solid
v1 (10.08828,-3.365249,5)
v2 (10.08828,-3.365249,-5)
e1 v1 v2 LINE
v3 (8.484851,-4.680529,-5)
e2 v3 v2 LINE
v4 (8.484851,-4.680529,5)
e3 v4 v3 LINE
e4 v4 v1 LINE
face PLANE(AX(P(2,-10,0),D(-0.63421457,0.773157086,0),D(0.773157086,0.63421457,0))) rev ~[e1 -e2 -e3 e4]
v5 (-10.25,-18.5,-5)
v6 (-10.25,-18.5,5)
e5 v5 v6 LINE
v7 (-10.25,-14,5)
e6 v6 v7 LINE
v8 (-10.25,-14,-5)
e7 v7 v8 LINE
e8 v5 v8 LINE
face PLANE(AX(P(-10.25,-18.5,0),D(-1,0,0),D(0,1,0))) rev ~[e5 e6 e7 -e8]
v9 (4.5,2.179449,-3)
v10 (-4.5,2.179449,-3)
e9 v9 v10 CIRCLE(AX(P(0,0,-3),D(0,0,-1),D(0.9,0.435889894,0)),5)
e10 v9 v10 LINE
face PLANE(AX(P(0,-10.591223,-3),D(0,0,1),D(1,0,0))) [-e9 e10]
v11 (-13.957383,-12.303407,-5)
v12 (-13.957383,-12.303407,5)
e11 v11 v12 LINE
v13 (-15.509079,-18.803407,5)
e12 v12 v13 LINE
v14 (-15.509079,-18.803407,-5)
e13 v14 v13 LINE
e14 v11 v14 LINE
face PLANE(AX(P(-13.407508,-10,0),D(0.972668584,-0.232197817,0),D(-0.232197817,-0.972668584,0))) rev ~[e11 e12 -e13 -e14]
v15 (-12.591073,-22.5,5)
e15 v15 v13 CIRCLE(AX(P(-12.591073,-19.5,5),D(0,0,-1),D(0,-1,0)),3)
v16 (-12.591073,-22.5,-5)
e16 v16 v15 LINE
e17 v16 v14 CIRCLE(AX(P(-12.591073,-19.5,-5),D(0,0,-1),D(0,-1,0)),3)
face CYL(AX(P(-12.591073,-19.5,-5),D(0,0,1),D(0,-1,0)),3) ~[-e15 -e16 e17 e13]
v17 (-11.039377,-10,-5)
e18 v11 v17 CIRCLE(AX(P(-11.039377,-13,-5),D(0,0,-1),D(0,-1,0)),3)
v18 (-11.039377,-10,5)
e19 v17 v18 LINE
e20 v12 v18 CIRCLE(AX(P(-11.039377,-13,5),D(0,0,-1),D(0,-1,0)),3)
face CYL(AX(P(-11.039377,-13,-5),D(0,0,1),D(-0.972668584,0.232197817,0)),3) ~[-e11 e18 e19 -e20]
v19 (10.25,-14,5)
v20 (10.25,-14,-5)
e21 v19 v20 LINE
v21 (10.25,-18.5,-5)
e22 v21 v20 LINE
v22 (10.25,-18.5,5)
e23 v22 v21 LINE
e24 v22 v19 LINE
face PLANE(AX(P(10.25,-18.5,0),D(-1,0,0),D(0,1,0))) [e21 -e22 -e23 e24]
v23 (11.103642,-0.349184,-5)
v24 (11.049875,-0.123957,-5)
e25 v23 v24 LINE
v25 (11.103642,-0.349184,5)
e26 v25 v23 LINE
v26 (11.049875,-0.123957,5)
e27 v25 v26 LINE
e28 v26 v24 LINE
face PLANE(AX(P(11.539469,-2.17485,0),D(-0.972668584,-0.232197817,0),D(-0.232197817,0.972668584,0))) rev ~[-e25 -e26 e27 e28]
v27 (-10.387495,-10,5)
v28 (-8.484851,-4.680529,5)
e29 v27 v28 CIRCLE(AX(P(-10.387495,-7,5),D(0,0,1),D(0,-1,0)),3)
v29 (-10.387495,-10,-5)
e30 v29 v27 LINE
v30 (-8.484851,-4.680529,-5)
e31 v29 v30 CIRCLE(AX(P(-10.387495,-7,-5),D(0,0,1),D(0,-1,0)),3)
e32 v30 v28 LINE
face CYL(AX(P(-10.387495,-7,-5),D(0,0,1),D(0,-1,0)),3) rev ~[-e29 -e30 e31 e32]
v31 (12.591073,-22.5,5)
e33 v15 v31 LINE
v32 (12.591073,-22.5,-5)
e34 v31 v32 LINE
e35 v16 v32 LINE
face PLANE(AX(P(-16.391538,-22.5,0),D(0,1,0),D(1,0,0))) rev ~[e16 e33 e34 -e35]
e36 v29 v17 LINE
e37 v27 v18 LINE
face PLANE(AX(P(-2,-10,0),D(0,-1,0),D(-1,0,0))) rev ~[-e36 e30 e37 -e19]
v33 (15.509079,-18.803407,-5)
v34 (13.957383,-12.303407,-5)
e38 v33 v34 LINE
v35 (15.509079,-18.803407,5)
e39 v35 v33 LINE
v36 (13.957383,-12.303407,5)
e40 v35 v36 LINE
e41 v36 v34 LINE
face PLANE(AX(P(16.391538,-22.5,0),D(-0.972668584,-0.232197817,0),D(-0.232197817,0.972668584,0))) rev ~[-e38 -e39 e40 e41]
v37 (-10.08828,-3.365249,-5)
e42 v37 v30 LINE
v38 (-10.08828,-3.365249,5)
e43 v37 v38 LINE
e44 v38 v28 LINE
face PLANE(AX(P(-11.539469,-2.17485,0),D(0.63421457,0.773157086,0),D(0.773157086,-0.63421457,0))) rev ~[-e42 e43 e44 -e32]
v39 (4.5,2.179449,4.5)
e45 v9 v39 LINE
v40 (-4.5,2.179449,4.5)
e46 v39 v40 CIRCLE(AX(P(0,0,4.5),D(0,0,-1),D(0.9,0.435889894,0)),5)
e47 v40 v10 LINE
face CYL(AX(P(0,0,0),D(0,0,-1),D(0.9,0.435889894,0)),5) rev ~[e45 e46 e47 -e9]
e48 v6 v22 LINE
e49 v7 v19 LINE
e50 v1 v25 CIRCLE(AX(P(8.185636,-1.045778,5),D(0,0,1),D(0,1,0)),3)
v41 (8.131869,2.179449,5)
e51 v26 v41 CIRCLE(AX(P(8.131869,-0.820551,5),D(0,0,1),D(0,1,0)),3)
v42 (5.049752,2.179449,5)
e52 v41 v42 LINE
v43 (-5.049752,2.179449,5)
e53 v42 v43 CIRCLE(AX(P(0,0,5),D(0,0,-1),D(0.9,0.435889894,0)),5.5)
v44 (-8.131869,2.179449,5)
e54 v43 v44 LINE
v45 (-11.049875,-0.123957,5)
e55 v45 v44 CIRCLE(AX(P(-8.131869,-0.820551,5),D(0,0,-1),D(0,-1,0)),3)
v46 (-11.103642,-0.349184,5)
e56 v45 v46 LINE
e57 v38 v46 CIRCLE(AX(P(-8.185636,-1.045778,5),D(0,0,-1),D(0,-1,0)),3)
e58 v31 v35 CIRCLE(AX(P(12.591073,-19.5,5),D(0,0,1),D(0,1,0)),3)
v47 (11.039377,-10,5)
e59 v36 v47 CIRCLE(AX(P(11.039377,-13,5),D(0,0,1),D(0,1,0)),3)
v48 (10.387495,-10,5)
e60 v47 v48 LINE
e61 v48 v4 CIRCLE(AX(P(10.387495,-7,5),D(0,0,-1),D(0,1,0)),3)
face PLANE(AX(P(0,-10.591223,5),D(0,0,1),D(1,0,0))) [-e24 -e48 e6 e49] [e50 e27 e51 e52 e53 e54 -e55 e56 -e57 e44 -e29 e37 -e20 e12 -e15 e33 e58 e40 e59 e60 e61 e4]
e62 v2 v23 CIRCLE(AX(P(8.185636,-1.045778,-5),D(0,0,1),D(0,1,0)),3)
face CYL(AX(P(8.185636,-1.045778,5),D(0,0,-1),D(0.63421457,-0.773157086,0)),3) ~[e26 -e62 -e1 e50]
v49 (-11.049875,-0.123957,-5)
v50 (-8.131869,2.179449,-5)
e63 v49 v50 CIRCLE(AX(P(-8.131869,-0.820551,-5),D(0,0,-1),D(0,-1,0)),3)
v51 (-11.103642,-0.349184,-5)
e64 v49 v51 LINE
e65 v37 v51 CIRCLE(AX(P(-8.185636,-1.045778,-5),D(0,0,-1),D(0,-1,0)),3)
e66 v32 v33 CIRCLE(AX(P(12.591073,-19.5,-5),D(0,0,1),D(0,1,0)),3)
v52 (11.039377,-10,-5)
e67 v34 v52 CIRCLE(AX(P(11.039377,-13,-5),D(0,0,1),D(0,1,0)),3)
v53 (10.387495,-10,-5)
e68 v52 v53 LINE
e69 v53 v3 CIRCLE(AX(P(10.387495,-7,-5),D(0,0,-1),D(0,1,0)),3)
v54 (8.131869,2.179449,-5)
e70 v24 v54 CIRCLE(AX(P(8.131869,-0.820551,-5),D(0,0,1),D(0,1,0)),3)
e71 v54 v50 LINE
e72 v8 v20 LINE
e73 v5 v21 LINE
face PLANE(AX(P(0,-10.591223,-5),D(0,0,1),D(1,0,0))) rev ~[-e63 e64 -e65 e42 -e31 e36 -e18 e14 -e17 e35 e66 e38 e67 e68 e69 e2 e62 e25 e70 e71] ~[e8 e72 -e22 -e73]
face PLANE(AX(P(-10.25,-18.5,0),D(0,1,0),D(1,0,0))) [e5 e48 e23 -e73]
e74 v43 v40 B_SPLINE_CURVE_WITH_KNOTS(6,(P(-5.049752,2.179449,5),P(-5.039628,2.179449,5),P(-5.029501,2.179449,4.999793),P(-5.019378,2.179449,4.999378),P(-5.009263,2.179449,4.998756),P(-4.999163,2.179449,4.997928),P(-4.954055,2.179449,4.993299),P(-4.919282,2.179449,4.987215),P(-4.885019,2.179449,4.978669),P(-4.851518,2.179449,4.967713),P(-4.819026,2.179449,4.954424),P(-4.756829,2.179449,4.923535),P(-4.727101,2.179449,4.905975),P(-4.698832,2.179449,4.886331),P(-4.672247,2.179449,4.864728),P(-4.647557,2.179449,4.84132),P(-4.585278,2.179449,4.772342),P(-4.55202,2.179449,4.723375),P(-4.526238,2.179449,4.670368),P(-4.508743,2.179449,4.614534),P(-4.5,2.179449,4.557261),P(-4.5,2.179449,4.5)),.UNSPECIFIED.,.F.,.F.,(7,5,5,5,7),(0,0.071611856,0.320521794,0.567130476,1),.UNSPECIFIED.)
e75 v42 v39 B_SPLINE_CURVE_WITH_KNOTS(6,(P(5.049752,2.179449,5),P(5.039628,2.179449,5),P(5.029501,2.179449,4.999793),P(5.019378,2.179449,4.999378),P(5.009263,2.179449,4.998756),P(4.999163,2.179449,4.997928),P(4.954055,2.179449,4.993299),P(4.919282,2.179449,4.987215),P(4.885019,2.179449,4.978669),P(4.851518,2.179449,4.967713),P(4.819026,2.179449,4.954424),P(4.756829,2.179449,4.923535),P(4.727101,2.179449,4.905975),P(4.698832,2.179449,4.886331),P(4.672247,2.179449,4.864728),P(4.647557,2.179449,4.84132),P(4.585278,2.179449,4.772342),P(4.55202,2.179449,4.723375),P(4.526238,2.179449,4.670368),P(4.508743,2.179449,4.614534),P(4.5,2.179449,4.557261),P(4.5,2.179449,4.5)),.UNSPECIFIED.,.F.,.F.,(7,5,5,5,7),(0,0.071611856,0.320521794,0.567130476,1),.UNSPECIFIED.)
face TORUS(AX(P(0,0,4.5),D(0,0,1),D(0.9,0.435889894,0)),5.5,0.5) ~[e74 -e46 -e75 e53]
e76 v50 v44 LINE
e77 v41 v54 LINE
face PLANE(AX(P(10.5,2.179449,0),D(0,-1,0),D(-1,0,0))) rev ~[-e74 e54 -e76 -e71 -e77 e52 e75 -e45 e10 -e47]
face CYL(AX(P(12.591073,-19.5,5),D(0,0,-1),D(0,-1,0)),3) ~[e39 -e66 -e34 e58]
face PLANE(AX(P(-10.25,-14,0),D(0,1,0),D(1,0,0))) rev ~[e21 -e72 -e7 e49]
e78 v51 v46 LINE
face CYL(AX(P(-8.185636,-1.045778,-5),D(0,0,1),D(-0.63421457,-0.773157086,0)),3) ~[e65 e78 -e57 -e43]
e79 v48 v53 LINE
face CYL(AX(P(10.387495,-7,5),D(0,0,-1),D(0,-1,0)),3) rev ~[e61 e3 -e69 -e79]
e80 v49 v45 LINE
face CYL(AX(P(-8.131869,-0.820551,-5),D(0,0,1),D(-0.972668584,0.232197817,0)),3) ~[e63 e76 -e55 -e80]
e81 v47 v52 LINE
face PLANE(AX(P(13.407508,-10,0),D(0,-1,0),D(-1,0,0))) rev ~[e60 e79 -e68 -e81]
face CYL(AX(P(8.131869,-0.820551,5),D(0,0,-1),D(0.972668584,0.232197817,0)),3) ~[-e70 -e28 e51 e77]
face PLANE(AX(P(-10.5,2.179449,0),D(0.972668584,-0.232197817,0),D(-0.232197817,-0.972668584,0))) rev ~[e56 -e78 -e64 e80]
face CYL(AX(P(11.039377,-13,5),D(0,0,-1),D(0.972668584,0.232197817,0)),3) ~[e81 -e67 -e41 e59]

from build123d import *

# Parameters (mm, degrees)
F0_W     = 20.5
F0_H     = 4.5
F1_DEPTH = 5
F2_DEPTH = 5
F3_R     = 3
F4_R     = 0.5
F5_DEPTH = 3


with BuildPart() as f1:
    # F0 (on Top) → F1 (new body)
    with BuildSketch(Plane.XY):
        with BuildLine():
            ThreePointArc((4.5, 2.1794494718), (0, -5), (-4.5, 2.1794494718))
            Line((-4.5, 2.1794494718), (-10.5, 2.1794494718))
            Line((-10.5, 2.1794494718), (-11.5394689808, -2.1748499468))
            Line((-11.5394689808, -2.1748499468), (-2, -10))
            Line((-2, -10), (-13.4075078933, -10))
            Line((-13.4075078933, -10), (-16.3915383908, -22.5))
            Line((-16.3915383908, -22.5), (16.3915383908, -22.5))
            Line((16.3915383908, -22.5), (13.4075078933, -10))
            Line((13.4075078933, -10), (2, -10))
            Line((2, -10), (11.5394689808, -2.1748499468))
            Line((11.5394689808, -2.1748499468), (10.5, 2.1794494718))
            Line((10.5, 2.1794494718), (4.5, 2.1794494718))
        make_face()
        with Locations((0, -16.25)):
            Rectangle(F0_W, F0_H, mode=Mode.SUBTRACT)
        with BuildLine():
            Line((4.5, 2.1794494718), (-4.5, 2.1794494718))
            ThreePointArc((-4.5, 2.1794494718), (0, -5), (4.5, 2.1794494718))
        make_face()
    extrude(amount=-F1_DEPTH)

    # F0 (on Top) → F2 (join)
    with BuildSketch(Plane.XY):
        with BuildLine():
            ThreePointArc((4.5, 2.1794494718), (0, -5), (-4.5, 2.1794494718))
            Line((-4.5, 2.1794494718), (-10.5, 2.1794494718))
            Line((-10.5, 2.1794494718), (-11.5394689808, -2.1748499468))
            Line((-11.5394689808, -2.1748499468), (-2, -10))
            Line((-2, -10), (-13.4075078933, -10))
            Line((-13.4075078933, -10), (-16.3915383908, -22.5))
            Line((-16.3915383908, -22.5), (16.3915383908, -22.5))
            Line((16.3915383908, -22.5), (13.4075078933, -10))
            Line((13.4075078933, -10), (2, -10))
            Line((2, -10), (11.5394689808, -2.1748499468))
            Line((11.5394689808, -2.1748499468), (10.5, 2.1794494718))
            Line((10.5, 2.1794494718), (4.5, 2.1794494718))
        make_face()
        with Locations((0, -16.25)):
            Rectangle(F0_W, F0_H, mode=Mode.SUBTRACT)
    extrude(amount=F2_DEPTH)

    # F3
    f3_edges = [f1.edges().sort_by_distance(p)[0] for p in [
        (-16.391538, -22.5, 0),
        (16.391538, -22.5, 0),
        (-10.5, 2.179449, 0),
        (10.5, 2.179449, 0),
        (-2, -10, 0),
        (-13.407508, -10, 0),
        (-11.539469, -2.17485, 0),
        (11.539469, -2.17485, 0),
        (13.407508, -10, 0),
        (2, -10, 0),
    ]]
    fillet(f3_edges, radius=F3_R)

    # F4
    f4_edges = [f1.edges().sort_by_distance(p)[0] for p in [
        (0, -5, 5),
    ]]
    fillet(f4_edges, radius=F4_R)

    # F5 (cut): a face of the model
    f5_faces = [f1.faces().sort_by_distance(p)[0] for p in [
        (0, -1.0065762803, 0),
    ]]
    extrude(f5_faces, amount=-F5_DEPTH, mode=Mode.SUBTRACT)


solid = f1.part
